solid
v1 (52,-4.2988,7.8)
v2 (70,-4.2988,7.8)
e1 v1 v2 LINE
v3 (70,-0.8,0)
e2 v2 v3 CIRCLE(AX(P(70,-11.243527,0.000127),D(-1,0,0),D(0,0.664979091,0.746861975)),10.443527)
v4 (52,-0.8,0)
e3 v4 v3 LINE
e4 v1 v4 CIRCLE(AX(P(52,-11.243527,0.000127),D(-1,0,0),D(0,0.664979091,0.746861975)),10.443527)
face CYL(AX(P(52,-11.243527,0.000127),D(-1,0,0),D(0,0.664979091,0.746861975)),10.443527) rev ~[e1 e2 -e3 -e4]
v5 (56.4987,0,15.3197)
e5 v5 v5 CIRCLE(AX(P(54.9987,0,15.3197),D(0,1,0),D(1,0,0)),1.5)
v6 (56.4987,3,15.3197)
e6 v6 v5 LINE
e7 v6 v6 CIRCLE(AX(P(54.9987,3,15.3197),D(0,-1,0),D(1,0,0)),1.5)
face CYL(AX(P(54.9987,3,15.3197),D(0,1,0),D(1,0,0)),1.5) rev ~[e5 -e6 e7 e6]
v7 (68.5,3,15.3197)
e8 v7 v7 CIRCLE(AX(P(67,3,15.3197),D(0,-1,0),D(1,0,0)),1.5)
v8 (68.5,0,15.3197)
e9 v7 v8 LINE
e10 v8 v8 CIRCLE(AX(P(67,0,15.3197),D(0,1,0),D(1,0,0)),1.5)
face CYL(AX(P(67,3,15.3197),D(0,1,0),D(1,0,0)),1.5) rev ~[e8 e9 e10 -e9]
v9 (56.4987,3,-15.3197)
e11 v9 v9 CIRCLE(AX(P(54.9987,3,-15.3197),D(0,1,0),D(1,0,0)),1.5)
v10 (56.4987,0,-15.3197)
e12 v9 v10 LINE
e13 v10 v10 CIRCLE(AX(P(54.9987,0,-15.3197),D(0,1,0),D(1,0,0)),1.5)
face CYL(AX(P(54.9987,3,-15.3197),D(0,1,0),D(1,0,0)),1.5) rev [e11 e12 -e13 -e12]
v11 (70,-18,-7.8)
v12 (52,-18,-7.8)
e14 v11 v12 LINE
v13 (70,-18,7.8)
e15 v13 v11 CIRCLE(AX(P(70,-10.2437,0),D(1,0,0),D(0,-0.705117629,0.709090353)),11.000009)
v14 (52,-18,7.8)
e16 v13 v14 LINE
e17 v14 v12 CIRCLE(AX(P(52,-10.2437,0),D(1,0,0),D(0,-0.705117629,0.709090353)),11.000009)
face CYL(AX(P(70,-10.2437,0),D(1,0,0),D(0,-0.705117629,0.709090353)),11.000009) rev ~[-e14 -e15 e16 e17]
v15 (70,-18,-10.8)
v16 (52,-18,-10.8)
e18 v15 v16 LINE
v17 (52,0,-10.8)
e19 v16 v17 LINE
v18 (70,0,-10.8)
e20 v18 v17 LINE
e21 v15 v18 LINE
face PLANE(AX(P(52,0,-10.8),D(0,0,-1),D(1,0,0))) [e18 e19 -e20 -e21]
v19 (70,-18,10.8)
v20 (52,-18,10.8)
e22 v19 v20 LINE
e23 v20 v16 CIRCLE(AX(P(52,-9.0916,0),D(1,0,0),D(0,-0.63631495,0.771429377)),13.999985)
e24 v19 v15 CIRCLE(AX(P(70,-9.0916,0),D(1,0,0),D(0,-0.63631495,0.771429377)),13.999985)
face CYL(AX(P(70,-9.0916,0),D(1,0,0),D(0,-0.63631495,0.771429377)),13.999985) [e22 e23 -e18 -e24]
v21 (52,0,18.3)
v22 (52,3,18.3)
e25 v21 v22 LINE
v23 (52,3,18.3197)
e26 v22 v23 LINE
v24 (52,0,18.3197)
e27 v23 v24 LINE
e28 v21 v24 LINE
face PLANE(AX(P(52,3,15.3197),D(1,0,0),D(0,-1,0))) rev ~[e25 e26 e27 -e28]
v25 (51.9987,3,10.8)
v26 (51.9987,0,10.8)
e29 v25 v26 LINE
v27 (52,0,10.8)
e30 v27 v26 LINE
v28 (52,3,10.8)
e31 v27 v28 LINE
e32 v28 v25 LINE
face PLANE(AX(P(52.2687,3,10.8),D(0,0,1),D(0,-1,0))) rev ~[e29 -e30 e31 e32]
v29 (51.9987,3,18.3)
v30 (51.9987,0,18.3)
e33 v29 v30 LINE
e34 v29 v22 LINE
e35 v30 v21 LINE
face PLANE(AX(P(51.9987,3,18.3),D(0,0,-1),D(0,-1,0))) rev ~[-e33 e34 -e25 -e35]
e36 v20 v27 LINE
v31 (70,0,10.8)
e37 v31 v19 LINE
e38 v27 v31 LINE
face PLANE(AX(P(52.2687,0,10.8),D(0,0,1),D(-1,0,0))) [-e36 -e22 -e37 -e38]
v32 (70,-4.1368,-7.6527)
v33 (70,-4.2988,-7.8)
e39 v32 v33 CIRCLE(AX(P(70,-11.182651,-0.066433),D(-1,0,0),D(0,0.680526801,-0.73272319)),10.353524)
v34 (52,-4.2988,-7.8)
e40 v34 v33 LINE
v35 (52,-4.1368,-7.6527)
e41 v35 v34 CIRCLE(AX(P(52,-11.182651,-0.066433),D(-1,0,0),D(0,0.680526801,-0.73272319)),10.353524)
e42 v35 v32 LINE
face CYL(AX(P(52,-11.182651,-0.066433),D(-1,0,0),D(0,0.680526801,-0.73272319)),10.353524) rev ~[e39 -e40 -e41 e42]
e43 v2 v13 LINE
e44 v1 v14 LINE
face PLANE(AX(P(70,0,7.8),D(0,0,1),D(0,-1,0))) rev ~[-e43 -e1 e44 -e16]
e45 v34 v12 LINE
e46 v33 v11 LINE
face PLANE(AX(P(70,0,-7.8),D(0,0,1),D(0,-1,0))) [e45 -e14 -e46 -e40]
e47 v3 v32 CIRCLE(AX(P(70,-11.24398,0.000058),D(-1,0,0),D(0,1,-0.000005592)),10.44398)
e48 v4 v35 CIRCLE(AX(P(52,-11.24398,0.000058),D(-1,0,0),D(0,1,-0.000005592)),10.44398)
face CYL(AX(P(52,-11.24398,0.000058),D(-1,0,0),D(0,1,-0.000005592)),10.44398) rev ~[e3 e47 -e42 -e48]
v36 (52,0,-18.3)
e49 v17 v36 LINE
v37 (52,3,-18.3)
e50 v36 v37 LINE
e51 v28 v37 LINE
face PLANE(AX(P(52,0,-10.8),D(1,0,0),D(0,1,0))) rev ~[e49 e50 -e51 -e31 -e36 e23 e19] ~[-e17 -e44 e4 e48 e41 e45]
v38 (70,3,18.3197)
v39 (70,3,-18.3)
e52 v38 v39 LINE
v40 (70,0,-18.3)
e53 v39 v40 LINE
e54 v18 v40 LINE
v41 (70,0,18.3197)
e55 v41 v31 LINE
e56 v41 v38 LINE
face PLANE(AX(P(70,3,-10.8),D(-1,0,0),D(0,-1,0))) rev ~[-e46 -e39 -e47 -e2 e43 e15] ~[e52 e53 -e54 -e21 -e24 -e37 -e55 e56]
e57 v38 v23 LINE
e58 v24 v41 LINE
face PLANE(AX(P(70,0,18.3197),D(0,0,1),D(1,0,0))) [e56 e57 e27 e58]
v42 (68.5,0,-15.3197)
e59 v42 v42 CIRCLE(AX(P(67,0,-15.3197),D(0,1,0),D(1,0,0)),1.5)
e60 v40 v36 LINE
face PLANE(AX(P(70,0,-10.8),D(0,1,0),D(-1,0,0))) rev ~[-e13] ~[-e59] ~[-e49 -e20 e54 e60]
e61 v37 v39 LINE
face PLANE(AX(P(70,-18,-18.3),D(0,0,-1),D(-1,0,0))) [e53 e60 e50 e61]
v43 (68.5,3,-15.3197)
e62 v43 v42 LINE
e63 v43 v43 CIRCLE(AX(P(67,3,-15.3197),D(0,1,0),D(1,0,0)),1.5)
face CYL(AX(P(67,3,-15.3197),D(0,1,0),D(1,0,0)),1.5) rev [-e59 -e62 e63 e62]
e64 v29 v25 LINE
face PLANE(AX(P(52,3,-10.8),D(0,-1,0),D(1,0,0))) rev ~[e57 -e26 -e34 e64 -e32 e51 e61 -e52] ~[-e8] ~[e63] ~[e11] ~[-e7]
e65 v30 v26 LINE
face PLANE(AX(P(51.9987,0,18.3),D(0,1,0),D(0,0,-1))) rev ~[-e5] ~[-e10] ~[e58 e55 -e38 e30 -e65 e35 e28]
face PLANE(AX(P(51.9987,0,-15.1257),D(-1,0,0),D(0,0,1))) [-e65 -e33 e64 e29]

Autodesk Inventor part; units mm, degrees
ref_plane "YZ Plane" through (0, 0, 0) normal (1, 0, 0) x (0, 1, 0)
ref_plane "XZ Plane" through (0, 0, 0) normal (0, 1, 0) x (-1, 0, 0)
sketch "Sketch1" plane through (0, 0, 0) normal (0, 1, 0) x (-1, 0, 0)
  line L0 (70, 0) -> (70, -70)
  line L1 (70, -70) -> (0, -70)
  line L2 (-70, 0) -> (-70, 70)
  line L3 (-70, 70) -> (0, 70)
  line L4 (0, 70) -> (70, 70)
  line L5 (70, 70) -> (70, 0)
  line L6 (0, -70) -> (-70, -70)
  line L7 (-70, -70) -> (-70, 0)
  point P0 (0, 0)
extrude "Extrusion1" add sketch "Sketch1" along normal blind 3
fillet "Fillet1" radius 5 3 edges at (70, 1.5, 70) (70, 1.5, -70) (-70, 1.5, 70)
fillet "Fillet2" radius 5 1 edges at (-70, 1.5, -70)
ref_plane "Work Plane1" through (65, 0, 65) normal (1, 0, 0) x (0, 0, -1)
sketch "Sketch6" plane through (70, 0, 65) normal (1, 0, 0) x (0, 0, -1)
  line L0 (65, 0) -> (57.2, 0)
  line L1 (130, 0) -> (0, 0) projected
  line L2 (65, 0) -> (72.8, 0)
  line L3 (57.2, 0) -> (57.2, -18)
  line L4 (72.8, 0) -> (72.8, -18)
  line L5 (65, 0) -> (65, -10)
  arc A0 (57.2, -18) -> (72.8, -18) centre (65, -10.2437) ccw
  line L6 (57.2, 0) -> (54.2, 0)
  line L7 (54.2, 0) -> (54.2, -18)
  line L8 (72.8, 0) -> (75.8, 0)
  line L9 (75.8, 0) -> (75.8, -18)
  arc A1 (54.2, -18) -> (75.8, -18) centre (65, -9.0916) ccw
  dimension "d17" = 18
  dimension "d21" = 3
  dimension "d22" = 3
extrude "Extrusion3" add sketch "Sketch6" against normal blind 18 contours L3 A0 L4 L1 L9 A1 L7
pattern_circular "Circular Pattern1" count 4 over 360 about axis through (0, -10, 0) along (0, 1, 0) of "Extrusion3"
sketch "Sketch8" plane through (0, 3, 0) normal (0, 1, 0) x (1, 0, 0)
  circle A0 centre (58.4636, -19.348) radius 2.5
  point P0 (0, 0)
  dimension "d35" = 5
extrude "Extrusion5" cut sketch "Sketch8" against normal blind 3
sketch "Sketch9" plane through (0, 3, 0) normal (0, 1, 0) x (1, 0, 0)
  circle A0 centre (-60.6489, 18.9578) radius 2.5
  point P0 (0, 0)
  dimension "d39" = 5
extrude "Extrusion6" cut sketch "Sketch9" against normal blind 3
sketch "Sketch10" plane through (0, 3, 0) normal (0, 1, 0) x (1, 0, 0)
  line L0 (70, -65) -> (70, 65) projected
  line L1 (70, 15.1257) -> (39.2687, 15.1257)
  line L2 (39.2687, 15.1257) -> (39.2687, -15.3197)
  line L3 (39.2687, -15.3197) -> (70, -15.3197)
  line L4 (70, -15.3197) -> (70, 15.1257)
  point P0 (0, 0)
extrude "Extrusion7" add sketch "Sketch10" along normal blind 10
sketch "Sketch11" plane through (0, 3, 0) normal (0, 1, 0) x (1, 0, 0)
  point P0 (0, 0)
sketch "Sketch12" plane through (0, 3, 0) normal (0, 1, 0) x (1, 0, 0)
  line L0 (39.2687, -15.3197) -> (39.2687, -70)
  line L1 (10.8, -70) -> (65, -70) projected
  line L2 (39.2687, -15.3197) -> (39.2687, 15.1257) projected
  line L3 (39.2687, -70) -> (-73.9803, -70)
  line L4 (-73.9803, -70) -> (-73.9803, 75.2408)
  line L5 (-73.9803, 75.2408) -> (39.2687, 75.2408)
  line L6 (39.2687, 75.2408) -> (39.2687, -70)
  point P0 (0, 0)
extrude "Extrusion8" cut sketch "Sketch12" against normal blind 100
sketch "Sketch13" plane through (0, 3, 0) normal (0, 1, 0) x (1, 0, 0)
  line L0 (39.2687, -15.3197) -> (74.5621, -15.3197)
  line L1 (74.5621, -15.3197) -> (74.5621, -76.2104)
  line L2 (74.5621, -76.2104) -> (39.2687, -76.2104)
  line L3 (39.2687, -76.2104) -> (39.2687, -15.3197)
  point P0 (0, 0)
extrude "Extrusion9" cut sketch "Sketch13" against normal blind 100
sketch "Sketch14" plane through (0, 3, 0) normal (0, 1, 0) x (1, 0, 0)
  line L0 (39.2687, 15.1257) -> (72.3919, 15.1257)
  line L1 (72.3919, 15.1257) -> (72.3919, 74.5163)
  line L2 (72.3919, 74.5163) -> (39.2687, 74.5163)
  line L3 (39.2687, 74.5163) -> (39.2687, 15.1257)
  point P0 (0, 0)
extrude "Extrusion10" cut sketch "Sketch14" against normal blind 100
sketch "Sketch17" plane through (70, -18, 10.8) normal (1, 0, 0) x (0, 0, -1)
  line L0 (-4.5197, 18) -> (-4.5197, 21)
  line L1 (-4.5197, 18) -> (-4.5197, 31) projected
  line L2 (-4.5197, 21) -> (25.9257, 21)
  line L3 (25.9257, 31) -> (25.9257, 18) projected
  line L4 (25.9257, 21) -> (-4.5197, 21)
  line L5 (-4.5197, 21) -> (-4.5197, 31)
  line L6 (-4.5197, 31) -> (25.9257, 31)
  line L7 (25.9257, 31) -> (25.9257, 21)
  point P0 (10.8, 18)
  dimension "d50" = 3
extrude "Extrusion11" cut sketch "Sketch17" against normal blind 100
sketch "Sketch18" plane through (39.2687, 0, -15.1257) normal (-1, 0, 0) x (0, 0, 1)
  line L0 (0, 3) -> (30.4454, 3)
  line L1 (30.4454, 3) -> (30.4454, 0)
  line L2 (30.4454, 0) -> (0, 0)
  line L3 (0, 0) -> (0, 3)
  point P0 (15.1257, 0)
extrude "Extrusion12" cut sketch "Sketch18" against normal blind 13
sketch "Sketch20" plane through (52, 0, 65) normal (-1, 0, 0) x (0, 0, 1)
  line L0 (-72.8, -18) -> (-72.8, 0) projected
  line L1 (-72.8, -9) -> (-57.2, -9)
  line L2 (-57.2, -18) -> (-57.2, 0) projected
  line L3 (-72.8, -18) -> (-72.8, -4)
  arc A0 (-72.8, -18) -> (-57.2, -18) centre (-65, -10.2437) ccw projected
  line L4 (-65, -21.2437) -> (-72.8, -21.2437)
  line L5 (-72.8, -4) -> (-72.8, -0.8)
  line L6 (-65, -21.2437) -> (-65, -3.2437)
  line L7 (-65, -21.2437) -> (-65, -11.2437)
  line L8 (-65, -11.2437) -> (-65, -1.2437)
  line L9 (-65, -1.2437) -> (-65, -0.8)
  arc A1 (-65, -0.8) -> (-72.6527, -4.1368) centre (-65, -11.2437) ccw
  arc A2 (-57.2, -4.2988) -> (-65, -0.8) centre (-65, -11.2437) ccw
  arc A3 (-72.6527, -4.1368) -> (-72.8, -4.2988) centre (-65, -11.2437) ccw
  arc A4 (-57.2, -4.2988) -> (-57.2, -4.2988) centre (-65, -11.2437) ccw
  line L10 (-72.8, -4.2988) -> (-72.8, 0)
  line L11 (-57.2, 0) -> (-57.2, -4.2988)
  line L12 (-57.2, 0) -> (-72.8, 0) projected
  line L13 (-57.2, -4.2988) -> (-57.2, 0)
  line L14 (-72.8, -4.2988) -> (-72.8, 0)
  line L15 (-72.8, 0) -> (-57.2, 0)
  point P0 (-65, 0)
  dimension "d55" = 14
  dimension "d56" = 3.2
  dimension "d57" = 18
  dimension "d58" = 10
  dimension "d59" = 10
extrude "Extrusion13" add sketch "Sketch20" against normal blind 18 contours L0 L12 L2 A2 A1 A3
sketch "Sketch22" plane through (52.2687, 0, 10.8) normal (0, 1, 0) x (1, 0, 0)
  line L0 (-0.2687, 21.6) -> (0, 21.6)
  line L1 (0, 21.6) -> (0, 0)
  line L2 (0, 0) -> (-0.2687, 0)
  line L3 (-0.2687, 0) -> (-0.2687, 21.6)
  point P0 (-52.2687, 10.8)
extrude "Extrusion14" add sketch "Sketch22" along normal blind 3
sketch "Sketch24" plane through (52.2687, 0, -15.1257) normal (-1, 0, 0) x (0, 0, 1)
  line L0 (30.4454, 3) -> (25.9257, 3)
  line L1 (25.9257, 3) -> (25.9257, 0)
  line L2 (25.9257, 0) -> (30.4454, 0)
  line L3 (30.4454, 0) -> (30.4454, 3)
  point P0 (15.1257, 0)
extrude "Extrusion16" add sketch "Sketch24" along normal blind 0.3
sketch "Sketch25" plane through (52.2687, 0, -15.1257) normal (-1, 0, 0) x (0, 0, 1)
  line L0 (0, 0) -> (4.3257, 0)
  line L1 (4.3257, 0) -> (4.3257, 3)
  line L2 (4.3257, 3) -> (0, 3)
  line L3 (0, 3) -> (0, 0)
  point P0 (15.1257, 0)
extrude "Extrusion17" add sketch "Sketch25" along normal blind 0.27
sketch "Sketch26" plane through (51.9687, 0, -15.1257) normal (-1, 0, 0) x (0, 0, 1)
  line L0 (30.4454, 3) -> (25.9257, 3)
  line L1 (25.9257, 3) -> (25.9257, 0)
  line L2 (25.9257, 0) -> (30.4454, 0)
  line L3 (30.4454, 0) -> (30.4454, 3)
  point P0 (15.1257, 0)
extrude "Extrusion18" cut sketch "Sketch26" against normal blind 0.03
sketch "Sketch27" plane through (70, 0, 15.3197) normal (0, 0, 1) x (1, 0, 0)
  line L0 (0, 3) -> (-18, 3)
  line L1 (-18, 3) -> (-18, 0)
  line L2 (-18, 0) -> (0, 0)
  line L3 (0, 0) -> (0, 3)
  point P0 (-70, 0)
extrude "Extrusion19" add sketch "Sketch27" along normal blind 3
sketch "Sketch32" plane through (51.9987, 0, -15.1257) normal (-1, 0, 0) x (0, 0, 1)
  line L0 (4.3257, 0) -> (-3, 0)
  line L1 (-3, 0) -> (-3, 3)
  line L2 (-3, 3) -> (4.3257, 3)
  line L3 (4.3257, 3) -> (4.3257, 0)
  point P0 (15.1257, 0)
extrude "Extrusion21" cut sketch "Sketch32" against normal blind 30
sketch "Sketch33" plane through (51.9987, 0, -15.1257) normal (-1, 0, 0) x (0, 0, 1)
  line L0 (33.4454, 0) -> (25.9257, 0) projected
  line L1 (25.9257, 3) -> (33.4257, 3)
  line L2 (33.4257, 3) -> (33.4257, 0)
  line L3 (33.4257, 0) -> (25.9257, 0)
  line L4 (25.9257, 0) -> (25.9257, 3)
  point P0 (15.1257, 0)
  dimension "d86" = 7.5
extrude "Extrusion22" add sketch "Sketch33" against normal blind 18
sketch "Sketch34" plane through (52, 3, -10.8) normal (0, 1, 0) x (1, 0, 0)
  line L0 (18, -29.1197) -> (18, -26.1197)
  line L1 (18, -29.1197) -> (18, -21.6) projected
  line L2 (18, -26.1197) -> (-0.0013, -26.1197)
  line L3 (-0.0013, -29.1) -> (-0.0013, -21.6) projected
  line L4 (-0.0013, -26.1197) -> (2.9987, -26.1197)
  line L5 (18, -26.1197) -> (15, -26.1197)
  circle A0 centre (15, -26.1197) radius 1.5
  circle A1 centre (2.9987, -26.1197) radius 1.5
  point P0 (-52, -10.8)
  dimension "d89" = 3
  dimension "d90" = 3
  dimension "d91" = 3
  dimension "d92" = 3
  dimension "d93" = 3
extrude "Extrusion23" cut sketch "Sketch34" against normal blind 18
sketch "Sketch35" plane through (70, -18, -10.8) normal (0, 0, -1) x (-1, 0, 0)
  line L0 (18, 21) -> (0, 21)
  line L1 (0, 21) -> (0, 18)
  line L2 (0, 18) -> (18, 18)
  line L3 (18, 18) -> (18, 21)
  point P0 (70, 18)
extrude "Extrusion24" add sketch "Sketch35" along normal blind 7.5
mirror "Mirror1" about plane through (0, 0, 0) normal (0, 0, 1) of "Extrusion23"
sketch "Sketch36" plane through (52, 3, 18.3197) normal (0, 1, 0) x (1, 0, 0)
  line L0 (18, 26.1197) -> (18, 10.5197) projected
  line L1 (18, 18.3197) -> (15, 18.3197)
  point P0 (-52, 18.3197)
  dimension "d98" = 3
properties part number "smallpartextended"
